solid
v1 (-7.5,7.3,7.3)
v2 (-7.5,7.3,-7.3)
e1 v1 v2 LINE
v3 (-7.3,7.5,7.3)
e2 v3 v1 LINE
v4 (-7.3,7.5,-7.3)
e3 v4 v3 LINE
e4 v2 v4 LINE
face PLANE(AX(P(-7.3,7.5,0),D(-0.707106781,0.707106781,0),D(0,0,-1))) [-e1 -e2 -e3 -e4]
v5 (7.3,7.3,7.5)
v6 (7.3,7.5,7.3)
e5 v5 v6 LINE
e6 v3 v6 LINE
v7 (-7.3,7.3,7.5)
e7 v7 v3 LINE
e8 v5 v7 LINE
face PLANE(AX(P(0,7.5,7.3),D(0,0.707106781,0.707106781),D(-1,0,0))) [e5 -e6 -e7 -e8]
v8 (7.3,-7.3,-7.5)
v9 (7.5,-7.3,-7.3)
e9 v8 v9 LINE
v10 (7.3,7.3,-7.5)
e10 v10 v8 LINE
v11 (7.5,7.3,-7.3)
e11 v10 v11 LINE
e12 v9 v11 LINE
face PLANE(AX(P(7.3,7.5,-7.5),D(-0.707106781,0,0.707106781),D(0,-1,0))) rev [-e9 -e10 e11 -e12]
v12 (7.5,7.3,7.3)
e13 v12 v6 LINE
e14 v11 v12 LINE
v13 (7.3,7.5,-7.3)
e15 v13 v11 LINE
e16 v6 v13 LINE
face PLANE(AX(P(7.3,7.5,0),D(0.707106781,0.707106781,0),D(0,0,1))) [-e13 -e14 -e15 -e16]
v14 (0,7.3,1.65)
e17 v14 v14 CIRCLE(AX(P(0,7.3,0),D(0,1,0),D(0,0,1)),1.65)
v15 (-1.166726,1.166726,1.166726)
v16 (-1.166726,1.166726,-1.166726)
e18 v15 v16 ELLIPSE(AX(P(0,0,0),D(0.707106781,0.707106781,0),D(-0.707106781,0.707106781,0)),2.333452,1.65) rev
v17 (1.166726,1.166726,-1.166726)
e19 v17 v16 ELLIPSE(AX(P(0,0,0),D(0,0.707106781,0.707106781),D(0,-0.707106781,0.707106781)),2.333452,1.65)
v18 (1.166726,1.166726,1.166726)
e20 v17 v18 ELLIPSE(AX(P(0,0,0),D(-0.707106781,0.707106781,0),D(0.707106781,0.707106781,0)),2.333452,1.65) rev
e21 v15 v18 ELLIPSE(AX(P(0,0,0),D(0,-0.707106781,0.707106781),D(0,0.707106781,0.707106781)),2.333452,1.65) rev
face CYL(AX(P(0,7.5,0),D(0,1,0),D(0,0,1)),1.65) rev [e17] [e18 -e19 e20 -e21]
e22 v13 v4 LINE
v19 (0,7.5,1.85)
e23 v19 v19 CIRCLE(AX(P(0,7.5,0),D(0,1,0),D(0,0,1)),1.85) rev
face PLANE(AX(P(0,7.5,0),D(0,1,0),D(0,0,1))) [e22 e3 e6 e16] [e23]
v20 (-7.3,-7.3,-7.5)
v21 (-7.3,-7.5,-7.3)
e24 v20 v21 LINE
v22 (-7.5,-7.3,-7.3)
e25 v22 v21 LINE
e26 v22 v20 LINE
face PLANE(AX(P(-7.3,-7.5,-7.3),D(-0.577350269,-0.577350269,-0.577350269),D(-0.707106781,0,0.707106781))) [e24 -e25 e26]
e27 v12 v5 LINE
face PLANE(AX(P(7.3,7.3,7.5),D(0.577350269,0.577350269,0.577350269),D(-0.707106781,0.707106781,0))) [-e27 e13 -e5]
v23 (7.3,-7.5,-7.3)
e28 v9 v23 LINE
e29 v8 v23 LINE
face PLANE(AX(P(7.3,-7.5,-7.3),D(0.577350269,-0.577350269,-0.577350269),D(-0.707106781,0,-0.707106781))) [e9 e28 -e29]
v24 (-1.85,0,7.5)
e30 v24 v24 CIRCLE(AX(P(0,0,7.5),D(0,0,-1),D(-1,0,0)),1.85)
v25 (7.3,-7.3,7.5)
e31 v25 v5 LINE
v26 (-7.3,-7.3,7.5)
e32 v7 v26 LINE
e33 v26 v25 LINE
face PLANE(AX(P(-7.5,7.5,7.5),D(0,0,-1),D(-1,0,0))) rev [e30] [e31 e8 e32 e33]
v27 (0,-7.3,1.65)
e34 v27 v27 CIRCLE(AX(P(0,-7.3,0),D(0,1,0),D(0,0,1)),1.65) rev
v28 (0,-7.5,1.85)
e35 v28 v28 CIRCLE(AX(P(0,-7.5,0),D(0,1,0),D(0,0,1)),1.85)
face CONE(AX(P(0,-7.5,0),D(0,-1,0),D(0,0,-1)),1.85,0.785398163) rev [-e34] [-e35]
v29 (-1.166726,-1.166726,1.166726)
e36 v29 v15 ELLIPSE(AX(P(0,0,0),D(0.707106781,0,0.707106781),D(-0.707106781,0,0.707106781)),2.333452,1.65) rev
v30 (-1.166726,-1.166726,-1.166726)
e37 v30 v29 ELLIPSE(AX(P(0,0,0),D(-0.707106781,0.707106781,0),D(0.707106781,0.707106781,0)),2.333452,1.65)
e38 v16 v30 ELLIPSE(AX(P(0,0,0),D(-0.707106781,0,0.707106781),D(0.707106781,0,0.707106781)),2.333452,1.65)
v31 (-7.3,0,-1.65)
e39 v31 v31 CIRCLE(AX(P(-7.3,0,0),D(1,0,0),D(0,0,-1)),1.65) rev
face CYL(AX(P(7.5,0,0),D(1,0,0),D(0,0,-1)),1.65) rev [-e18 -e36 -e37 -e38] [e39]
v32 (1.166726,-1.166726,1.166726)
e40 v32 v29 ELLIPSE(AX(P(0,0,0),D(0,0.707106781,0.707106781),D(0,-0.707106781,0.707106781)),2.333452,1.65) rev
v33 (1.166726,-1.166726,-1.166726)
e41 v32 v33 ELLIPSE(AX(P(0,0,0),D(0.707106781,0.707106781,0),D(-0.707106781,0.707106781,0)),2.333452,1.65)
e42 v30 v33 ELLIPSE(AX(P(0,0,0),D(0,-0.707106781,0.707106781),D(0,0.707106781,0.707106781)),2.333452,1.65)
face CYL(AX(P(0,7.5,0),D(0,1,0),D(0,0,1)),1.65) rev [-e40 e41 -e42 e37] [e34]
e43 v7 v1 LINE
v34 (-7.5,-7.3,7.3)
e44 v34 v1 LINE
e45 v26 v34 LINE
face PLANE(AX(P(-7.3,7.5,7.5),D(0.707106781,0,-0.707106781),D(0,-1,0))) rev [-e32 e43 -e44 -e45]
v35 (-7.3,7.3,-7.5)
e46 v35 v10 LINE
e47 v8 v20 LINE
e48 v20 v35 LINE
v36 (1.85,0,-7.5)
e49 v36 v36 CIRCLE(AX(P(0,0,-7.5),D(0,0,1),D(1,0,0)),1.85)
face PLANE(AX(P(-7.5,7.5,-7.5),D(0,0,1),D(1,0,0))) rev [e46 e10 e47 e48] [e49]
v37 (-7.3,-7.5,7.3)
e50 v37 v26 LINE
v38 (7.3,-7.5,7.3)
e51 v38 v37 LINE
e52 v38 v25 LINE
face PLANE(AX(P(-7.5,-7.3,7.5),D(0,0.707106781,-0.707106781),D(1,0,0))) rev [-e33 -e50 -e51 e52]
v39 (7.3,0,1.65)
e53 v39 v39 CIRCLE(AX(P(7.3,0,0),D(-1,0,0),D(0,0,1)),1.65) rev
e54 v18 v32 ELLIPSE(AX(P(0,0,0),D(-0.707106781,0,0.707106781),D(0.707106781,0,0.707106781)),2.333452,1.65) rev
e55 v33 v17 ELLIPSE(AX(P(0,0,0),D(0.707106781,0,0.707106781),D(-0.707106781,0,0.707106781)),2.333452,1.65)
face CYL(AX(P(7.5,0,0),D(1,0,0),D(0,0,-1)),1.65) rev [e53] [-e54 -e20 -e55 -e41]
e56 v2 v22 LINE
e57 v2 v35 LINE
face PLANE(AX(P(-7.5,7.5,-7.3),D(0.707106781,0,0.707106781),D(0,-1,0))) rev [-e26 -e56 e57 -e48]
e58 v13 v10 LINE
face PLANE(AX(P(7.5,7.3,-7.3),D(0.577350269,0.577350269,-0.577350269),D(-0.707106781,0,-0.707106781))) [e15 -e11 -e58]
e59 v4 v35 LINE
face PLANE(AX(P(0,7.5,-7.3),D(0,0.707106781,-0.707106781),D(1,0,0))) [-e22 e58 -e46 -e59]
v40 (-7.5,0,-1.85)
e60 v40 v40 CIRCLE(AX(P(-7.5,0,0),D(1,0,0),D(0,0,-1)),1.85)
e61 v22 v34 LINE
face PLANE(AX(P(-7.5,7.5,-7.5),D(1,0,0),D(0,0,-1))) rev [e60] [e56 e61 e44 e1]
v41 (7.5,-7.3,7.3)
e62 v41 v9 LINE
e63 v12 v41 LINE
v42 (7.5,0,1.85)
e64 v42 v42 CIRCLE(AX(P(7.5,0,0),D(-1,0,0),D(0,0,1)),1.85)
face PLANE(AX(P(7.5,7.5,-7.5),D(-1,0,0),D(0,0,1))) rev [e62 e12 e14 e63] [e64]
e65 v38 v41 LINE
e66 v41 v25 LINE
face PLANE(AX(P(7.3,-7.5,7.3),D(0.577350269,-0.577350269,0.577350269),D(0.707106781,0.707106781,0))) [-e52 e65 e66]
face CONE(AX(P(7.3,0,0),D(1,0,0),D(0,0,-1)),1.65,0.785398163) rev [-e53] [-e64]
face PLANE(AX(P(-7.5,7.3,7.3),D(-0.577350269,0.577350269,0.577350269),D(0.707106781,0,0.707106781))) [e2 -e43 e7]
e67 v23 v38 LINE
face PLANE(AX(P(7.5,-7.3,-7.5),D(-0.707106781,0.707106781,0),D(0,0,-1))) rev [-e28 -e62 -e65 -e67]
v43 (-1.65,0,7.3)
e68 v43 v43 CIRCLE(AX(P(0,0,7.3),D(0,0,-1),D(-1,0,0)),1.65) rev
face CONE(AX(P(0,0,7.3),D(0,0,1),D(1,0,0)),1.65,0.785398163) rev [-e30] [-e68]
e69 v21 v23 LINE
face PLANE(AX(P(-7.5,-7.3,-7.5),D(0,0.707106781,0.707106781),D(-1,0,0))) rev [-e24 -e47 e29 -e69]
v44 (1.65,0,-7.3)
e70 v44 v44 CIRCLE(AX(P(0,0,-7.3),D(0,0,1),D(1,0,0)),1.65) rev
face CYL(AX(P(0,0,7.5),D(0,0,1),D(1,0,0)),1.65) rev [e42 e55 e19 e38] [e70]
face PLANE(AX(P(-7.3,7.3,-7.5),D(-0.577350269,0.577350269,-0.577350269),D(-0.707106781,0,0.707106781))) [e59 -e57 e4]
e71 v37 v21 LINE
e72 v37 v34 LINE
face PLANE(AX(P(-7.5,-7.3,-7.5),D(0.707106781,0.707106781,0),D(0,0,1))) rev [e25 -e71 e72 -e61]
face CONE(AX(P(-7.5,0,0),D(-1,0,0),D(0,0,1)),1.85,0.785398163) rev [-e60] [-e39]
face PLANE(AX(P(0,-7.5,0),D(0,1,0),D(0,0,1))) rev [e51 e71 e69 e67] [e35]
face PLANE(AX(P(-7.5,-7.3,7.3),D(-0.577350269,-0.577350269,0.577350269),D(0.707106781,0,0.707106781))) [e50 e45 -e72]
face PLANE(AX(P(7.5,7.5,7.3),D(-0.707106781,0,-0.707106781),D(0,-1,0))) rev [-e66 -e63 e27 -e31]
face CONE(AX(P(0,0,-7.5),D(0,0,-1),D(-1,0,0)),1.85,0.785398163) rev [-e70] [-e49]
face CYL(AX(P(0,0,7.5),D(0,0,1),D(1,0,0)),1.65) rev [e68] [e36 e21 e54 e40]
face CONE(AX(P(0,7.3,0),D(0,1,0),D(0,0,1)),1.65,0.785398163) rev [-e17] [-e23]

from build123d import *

# Parameters (mm, degrees)
SKETCH_1_W         = 15
SKETCH_1_H         = 15
EXTRUDE_1_DEPTH    = 7.5
HOLE_WIZARD_M4_1_D = 3.3
HOLE_WIZARD_M4_2_D = 3.3
HOLE_WIZARD_M4_3_D = 3.3
CHAMFER_1_SIZE     = 0.2


with BuildPart() as part:
    # 草图1 → 凸台-拉伸1 (new, symmetric)
    with BuildSketch(Plane(origin=(0, 0, 0), x_dir=(1, 0, 0), z_dir=(0, 1, 0))):
        Rectangle(SKETCH_1_W, SKETCH_1_H)
    extrude(amount=EXTRUDE_1_DEPTH, both=True)

    # M4 螺纹孔1 (through all)
    with Locations(Plane.XY.offset(7.5)):
        with Locations((0, 0)):
            Hole(HOLE_WIZARD_M4_1_D / 2)

    # M4 螺纹孔2 (through all)
    with Locations(Plane(origin=(0, 7.5, 0), x_dir=(1, 0, 0), z_dir=(0, 1, 0))):
        with Locations((0, 0)):
            Hole(HOLE_WIZARD_M4_2_D / 2)

    # M4 螺纹孔3 (through all)
    with Locations(Plane(origin=(7.5, 0, 0), x_dir=(0, 0, -1), z_dir=(1, 0, 0))):
        with Locations((0, 0)):
            Hole(HOLE_WIZARD_M4_3_D / 2)

    # 倒角1
    chamfer_1_edges = [part.edges().sort_by_distance(p)[0] for p in [
        (-7.5, 7.5, 0),
        (1.65, 0, 7.5),
        (1.65, 0, -7.5),
        (0, 7.5, 7.5),
        (1.65, -7.5, 0),
        (1.65, 7.5, 0),
        (-7.5, 0, -1.65),
        (7.5, 0, -1.65),
        (7.5, 7.5, 0),
        (0, -7.5, 7.5),
        (-7.5, -7.5, 0),
        (0, -7.5, -7.5),
        (7.5, -7.5, 0),
        (7.5, 0, 7.5),
        (-7.5, 0, 7.5),
        (-7.5, 0, -7.5),
        (7.5, 0, -7.5),
        (0, 7.5, -7.5),
    ]]
    chamfer(chamfer_1_edges, length=CHAMFER_1_SIZE)


solid = part.part
